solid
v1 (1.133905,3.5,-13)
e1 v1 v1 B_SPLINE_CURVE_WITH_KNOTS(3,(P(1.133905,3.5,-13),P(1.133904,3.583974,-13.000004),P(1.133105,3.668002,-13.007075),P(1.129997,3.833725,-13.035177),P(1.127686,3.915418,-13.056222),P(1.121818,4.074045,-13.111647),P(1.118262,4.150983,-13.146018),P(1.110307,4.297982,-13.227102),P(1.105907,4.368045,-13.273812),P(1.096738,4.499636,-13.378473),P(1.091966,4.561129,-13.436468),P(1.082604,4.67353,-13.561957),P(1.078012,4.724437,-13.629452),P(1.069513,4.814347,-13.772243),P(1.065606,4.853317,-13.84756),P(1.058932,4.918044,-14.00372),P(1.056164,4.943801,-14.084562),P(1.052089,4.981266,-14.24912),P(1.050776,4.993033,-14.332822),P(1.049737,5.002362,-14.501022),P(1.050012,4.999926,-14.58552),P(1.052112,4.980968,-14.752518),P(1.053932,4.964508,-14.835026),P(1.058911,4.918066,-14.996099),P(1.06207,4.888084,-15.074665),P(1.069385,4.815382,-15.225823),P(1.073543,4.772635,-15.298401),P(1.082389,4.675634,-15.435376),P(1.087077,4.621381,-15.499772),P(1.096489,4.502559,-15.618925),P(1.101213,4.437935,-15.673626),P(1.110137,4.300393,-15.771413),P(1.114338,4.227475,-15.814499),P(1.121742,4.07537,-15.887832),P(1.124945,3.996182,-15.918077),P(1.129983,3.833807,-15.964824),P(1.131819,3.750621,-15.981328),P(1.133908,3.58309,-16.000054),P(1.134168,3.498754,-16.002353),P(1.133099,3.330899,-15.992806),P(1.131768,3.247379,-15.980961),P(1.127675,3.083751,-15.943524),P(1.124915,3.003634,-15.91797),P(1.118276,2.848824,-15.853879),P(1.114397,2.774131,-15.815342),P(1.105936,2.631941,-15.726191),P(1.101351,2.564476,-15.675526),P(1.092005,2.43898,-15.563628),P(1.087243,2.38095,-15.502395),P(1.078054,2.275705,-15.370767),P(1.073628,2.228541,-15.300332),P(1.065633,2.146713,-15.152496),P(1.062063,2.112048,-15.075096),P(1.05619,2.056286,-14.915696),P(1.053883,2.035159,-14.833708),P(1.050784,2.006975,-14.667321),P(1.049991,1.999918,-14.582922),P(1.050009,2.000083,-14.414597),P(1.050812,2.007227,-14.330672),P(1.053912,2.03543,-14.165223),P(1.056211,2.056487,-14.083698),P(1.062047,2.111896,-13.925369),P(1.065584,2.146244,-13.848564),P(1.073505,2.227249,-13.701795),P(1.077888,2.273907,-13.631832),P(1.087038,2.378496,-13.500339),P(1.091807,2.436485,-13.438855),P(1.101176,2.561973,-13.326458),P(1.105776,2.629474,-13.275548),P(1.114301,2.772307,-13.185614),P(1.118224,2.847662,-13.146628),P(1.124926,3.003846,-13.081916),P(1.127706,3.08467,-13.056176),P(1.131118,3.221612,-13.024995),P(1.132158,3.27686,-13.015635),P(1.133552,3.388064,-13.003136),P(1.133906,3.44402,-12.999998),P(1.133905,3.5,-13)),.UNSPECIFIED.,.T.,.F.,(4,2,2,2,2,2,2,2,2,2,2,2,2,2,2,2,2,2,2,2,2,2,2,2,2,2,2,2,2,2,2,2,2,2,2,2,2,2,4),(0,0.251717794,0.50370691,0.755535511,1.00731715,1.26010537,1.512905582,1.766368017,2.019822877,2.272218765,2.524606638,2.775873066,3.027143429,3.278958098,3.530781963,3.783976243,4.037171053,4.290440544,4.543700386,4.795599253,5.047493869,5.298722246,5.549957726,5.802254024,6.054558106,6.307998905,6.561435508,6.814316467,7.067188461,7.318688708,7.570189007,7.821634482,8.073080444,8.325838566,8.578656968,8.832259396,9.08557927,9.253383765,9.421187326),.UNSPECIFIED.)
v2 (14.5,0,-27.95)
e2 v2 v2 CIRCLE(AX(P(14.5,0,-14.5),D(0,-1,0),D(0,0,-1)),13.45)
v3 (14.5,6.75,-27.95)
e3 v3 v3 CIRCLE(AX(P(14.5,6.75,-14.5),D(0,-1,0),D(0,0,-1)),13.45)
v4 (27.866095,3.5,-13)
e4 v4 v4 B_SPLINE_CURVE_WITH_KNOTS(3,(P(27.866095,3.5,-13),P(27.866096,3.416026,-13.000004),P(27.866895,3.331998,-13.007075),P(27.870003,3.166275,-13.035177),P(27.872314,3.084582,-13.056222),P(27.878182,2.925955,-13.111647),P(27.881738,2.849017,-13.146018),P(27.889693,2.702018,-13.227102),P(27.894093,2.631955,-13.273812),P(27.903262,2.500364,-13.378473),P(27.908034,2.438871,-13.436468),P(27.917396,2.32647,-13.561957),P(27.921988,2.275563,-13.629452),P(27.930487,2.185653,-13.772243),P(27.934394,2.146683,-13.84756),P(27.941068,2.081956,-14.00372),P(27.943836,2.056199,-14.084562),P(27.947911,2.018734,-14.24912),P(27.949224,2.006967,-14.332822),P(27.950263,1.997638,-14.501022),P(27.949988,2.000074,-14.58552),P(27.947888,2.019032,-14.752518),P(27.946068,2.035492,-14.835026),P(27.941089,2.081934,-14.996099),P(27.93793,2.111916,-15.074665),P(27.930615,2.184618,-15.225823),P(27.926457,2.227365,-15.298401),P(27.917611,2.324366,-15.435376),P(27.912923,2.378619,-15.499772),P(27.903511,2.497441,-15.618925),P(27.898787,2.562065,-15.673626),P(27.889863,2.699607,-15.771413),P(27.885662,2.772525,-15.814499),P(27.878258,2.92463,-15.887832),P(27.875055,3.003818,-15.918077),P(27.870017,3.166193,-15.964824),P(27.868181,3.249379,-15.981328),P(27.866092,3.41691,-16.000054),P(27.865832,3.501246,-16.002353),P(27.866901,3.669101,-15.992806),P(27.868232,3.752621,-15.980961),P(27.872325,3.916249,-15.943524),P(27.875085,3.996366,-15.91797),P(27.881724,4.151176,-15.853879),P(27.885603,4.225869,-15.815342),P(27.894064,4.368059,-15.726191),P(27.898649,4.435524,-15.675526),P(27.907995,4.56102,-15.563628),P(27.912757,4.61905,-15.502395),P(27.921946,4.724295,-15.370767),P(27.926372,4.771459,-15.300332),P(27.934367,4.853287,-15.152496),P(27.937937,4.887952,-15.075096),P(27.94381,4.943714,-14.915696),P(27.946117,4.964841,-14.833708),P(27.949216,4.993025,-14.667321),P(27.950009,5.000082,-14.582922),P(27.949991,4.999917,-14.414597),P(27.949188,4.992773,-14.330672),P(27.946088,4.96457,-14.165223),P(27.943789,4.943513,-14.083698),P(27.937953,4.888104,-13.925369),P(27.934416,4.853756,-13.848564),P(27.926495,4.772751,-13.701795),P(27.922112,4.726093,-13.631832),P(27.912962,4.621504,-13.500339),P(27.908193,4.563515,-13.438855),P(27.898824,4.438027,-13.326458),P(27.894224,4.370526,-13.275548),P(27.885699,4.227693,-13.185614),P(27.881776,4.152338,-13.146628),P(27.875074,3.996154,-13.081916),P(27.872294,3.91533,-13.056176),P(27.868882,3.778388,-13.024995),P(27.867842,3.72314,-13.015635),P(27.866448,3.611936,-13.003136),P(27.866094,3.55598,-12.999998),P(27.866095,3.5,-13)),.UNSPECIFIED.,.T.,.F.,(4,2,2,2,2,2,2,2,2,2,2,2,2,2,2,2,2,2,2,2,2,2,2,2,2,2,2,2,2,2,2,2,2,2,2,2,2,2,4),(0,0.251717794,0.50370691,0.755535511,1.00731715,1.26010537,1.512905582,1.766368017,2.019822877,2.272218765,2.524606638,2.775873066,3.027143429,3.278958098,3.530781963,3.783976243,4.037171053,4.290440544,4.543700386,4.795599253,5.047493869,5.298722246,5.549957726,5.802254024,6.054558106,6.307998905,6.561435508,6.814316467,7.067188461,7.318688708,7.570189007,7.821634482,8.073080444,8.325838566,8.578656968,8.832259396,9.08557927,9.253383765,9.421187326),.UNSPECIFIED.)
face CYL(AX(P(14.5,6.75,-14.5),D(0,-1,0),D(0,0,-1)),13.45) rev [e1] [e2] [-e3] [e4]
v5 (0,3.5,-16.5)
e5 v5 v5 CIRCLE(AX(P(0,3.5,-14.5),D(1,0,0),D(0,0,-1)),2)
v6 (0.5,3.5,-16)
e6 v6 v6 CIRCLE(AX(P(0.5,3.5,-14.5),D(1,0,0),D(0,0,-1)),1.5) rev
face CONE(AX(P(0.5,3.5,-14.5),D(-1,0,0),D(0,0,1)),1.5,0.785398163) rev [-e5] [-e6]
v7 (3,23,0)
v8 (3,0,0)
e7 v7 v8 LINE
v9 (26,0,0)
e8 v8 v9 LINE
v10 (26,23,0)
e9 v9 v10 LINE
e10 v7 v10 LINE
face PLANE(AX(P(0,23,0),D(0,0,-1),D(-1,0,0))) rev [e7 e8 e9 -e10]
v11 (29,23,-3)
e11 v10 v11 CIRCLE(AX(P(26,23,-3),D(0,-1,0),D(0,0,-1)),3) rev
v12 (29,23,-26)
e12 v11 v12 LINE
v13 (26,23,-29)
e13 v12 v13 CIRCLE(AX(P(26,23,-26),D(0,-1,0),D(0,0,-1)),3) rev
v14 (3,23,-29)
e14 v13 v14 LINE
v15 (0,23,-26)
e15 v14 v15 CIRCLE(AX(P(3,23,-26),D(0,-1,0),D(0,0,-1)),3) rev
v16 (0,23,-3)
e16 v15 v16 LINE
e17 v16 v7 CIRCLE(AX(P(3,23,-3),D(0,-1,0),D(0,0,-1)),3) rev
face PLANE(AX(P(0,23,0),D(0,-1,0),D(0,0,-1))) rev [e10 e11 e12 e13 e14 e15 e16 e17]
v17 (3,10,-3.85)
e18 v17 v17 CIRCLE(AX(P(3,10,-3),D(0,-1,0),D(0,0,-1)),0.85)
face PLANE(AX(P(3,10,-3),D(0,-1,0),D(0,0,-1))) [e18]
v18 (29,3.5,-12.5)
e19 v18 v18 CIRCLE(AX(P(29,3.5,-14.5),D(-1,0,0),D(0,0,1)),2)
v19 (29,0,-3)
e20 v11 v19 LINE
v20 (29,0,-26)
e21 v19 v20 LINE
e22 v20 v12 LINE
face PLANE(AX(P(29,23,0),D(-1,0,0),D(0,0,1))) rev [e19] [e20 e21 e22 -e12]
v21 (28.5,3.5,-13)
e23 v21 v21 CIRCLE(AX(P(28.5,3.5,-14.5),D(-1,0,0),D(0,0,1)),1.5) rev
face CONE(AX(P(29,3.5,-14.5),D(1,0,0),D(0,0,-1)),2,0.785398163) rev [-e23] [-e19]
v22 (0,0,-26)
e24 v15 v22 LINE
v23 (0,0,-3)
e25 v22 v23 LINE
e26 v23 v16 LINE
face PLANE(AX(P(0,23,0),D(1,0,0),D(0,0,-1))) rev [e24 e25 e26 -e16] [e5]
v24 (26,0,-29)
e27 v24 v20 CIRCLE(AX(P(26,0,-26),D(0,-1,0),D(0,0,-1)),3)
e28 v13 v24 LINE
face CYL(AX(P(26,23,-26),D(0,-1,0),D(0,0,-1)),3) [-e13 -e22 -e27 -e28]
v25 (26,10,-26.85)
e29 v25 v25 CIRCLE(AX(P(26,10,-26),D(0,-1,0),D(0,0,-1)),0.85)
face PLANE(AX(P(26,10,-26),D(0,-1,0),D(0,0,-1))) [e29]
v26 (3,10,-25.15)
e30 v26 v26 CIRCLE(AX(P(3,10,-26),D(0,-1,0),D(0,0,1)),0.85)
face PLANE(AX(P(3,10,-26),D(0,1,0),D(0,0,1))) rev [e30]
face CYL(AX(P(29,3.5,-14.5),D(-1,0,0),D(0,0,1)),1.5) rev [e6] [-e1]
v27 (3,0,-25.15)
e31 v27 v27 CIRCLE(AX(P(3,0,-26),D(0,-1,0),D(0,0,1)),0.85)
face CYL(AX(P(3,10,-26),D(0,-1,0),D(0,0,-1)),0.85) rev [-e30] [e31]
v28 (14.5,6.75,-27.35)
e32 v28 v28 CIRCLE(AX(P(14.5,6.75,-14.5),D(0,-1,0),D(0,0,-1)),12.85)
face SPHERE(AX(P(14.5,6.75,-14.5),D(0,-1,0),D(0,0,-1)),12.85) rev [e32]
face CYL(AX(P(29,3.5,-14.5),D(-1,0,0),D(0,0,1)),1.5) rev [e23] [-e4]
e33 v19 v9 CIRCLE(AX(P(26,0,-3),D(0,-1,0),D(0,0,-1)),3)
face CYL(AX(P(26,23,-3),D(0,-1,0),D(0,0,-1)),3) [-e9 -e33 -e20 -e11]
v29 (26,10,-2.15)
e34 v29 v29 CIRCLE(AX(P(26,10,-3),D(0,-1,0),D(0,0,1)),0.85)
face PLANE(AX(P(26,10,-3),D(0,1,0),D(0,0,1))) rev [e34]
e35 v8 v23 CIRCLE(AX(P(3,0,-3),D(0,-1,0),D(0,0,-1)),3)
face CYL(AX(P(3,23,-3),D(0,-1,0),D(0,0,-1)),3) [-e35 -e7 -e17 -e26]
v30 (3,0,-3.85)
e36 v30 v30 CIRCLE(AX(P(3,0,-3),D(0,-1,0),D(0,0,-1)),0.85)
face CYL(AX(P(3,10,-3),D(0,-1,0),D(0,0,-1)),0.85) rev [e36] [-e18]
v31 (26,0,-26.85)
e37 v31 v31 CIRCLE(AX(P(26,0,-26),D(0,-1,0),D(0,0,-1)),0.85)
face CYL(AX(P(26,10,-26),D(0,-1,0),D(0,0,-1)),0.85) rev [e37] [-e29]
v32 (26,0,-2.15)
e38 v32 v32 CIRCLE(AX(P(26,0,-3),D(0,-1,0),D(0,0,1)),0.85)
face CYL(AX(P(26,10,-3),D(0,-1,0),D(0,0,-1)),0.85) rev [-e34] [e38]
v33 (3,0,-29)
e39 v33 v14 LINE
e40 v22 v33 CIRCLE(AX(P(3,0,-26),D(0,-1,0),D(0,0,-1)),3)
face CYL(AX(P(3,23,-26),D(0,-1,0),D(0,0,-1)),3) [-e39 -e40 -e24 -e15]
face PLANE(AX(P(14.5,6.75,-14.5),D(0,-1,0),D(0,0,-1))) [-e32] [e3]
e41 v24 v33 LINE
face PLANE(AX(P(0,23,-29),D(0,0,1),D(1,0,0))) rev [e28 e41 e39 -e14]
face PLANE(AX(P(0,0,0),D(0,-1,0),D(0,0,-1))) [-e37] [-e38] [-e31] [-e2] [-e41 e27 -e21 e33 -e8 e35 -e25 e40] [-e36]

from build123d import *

# Parameters (mm, degrees)
SKETCH1_W           = 29
SKETCH1_H           = 29
BOSS_EXTRUDE1_DEPTH = 23
FILLET1_R           = 3
SKETCH2_R           = 13.45
CUT_EXTRUDE1_DEPTH  = 6.75
SKETCH7_R           = 0.85
CUT_EXTRUDE2_DEPTH  = 10
SKETCH8_R           = 1.5
CUT_EXTRUDE3_DEPTH  = 30
CHAMFER1_SIZE       = 0.5


with BuildPart() as part:
    # Sketch1 → Boss-Extrude1 (new body)
    with BuildSketch(Plane(origin=(0, 0, 0), x_dir=(1, 0, 0), z_dir=(0, 1, 0))):
        with Locations((14.5, 14.5)):
            Rectangle(SKETCH1_W, SKETCH1_H)
    extrude(amount=BOSS_EXTRUDE1_DEPTH)

    # Fillet1
    fillet1_edges = [part.edges().sort_by_distance(p)[0] for p in [
        (0, 11.5, -29),
        (29, 11.5, -29),
        (29, 11.5, 0),
        (0, 11.5, 0),
    ]]
    fillet(fillet1_edges, radius=FILLET1_R)

    # Sketch2 → Cut-Extrude1 (cut)
    with BuildSketch(Plane.XZ):
        with Locations((14.5, -14.5)):
            Circle(SKETCH2_R)
    extrude(amount=-CUT_EXTRUDE1_DEPTH, mode=Mode.SUBTRACT)

    # Sketch6 → Cut-Revolve1 (revolve, cut)
    with BuildSketch(Plane(origin=(14.5, 0, 0), x_dir=(0, 0, -1), z_dir=(1, 0, 0))):
        with BuildLine():
            Line((14.5, 6.75), (14.5, 19.6))
            ThreePointArc((14.5, 19.6), (23.586322138, 15.836322138), (27.35, 6.75))
            Line((27.35, 6.75), (14.5, 6.75))
        make_face()
    revolve(axis=Axis((14.5, 6.75, -14.5), (0, 1, 0)), mode=Mode.SUBTRACT)

    # Sketch7 → Cut-Extrude2 (cut)
    with BuildSketch(Plane.XZ):
        with Locations((3, -3)):
            Circle(SKETCH7_R)
        with Locations((26, -3)):
            Circle(SKETCH7_R)
        with Locations((26, -26)):
            Circle(SKETCH7_R)
        with Locations((3, -26)):
            Circle(SKETCH7_R)
    extrude(amount=-CUT_EXTRUDE2_DEPTH, mode=Mode.SUBTRACT)

    # Sketch8 → Cut-Extrude3 (cut, through all)
    with BuildSketch(Plane.ZY):
        with Locations((-14.5, 3.5)):
            Circle(SKETCH8_R)
    extrude(amount=-CUT_EXTRUDE3_DEPTH, mode=Mode.SUBTRACT)

    # Chamfer1
    chamfer1_edges = [part.edges().sort_by_distance(p)[0] for p in [
        (29, 3.5, -16),
        (0, 3.5, -16),
    ]]
    chamfer(chamfer1_edges, length=CHAMFER1_SIZE)


solid = part.part
